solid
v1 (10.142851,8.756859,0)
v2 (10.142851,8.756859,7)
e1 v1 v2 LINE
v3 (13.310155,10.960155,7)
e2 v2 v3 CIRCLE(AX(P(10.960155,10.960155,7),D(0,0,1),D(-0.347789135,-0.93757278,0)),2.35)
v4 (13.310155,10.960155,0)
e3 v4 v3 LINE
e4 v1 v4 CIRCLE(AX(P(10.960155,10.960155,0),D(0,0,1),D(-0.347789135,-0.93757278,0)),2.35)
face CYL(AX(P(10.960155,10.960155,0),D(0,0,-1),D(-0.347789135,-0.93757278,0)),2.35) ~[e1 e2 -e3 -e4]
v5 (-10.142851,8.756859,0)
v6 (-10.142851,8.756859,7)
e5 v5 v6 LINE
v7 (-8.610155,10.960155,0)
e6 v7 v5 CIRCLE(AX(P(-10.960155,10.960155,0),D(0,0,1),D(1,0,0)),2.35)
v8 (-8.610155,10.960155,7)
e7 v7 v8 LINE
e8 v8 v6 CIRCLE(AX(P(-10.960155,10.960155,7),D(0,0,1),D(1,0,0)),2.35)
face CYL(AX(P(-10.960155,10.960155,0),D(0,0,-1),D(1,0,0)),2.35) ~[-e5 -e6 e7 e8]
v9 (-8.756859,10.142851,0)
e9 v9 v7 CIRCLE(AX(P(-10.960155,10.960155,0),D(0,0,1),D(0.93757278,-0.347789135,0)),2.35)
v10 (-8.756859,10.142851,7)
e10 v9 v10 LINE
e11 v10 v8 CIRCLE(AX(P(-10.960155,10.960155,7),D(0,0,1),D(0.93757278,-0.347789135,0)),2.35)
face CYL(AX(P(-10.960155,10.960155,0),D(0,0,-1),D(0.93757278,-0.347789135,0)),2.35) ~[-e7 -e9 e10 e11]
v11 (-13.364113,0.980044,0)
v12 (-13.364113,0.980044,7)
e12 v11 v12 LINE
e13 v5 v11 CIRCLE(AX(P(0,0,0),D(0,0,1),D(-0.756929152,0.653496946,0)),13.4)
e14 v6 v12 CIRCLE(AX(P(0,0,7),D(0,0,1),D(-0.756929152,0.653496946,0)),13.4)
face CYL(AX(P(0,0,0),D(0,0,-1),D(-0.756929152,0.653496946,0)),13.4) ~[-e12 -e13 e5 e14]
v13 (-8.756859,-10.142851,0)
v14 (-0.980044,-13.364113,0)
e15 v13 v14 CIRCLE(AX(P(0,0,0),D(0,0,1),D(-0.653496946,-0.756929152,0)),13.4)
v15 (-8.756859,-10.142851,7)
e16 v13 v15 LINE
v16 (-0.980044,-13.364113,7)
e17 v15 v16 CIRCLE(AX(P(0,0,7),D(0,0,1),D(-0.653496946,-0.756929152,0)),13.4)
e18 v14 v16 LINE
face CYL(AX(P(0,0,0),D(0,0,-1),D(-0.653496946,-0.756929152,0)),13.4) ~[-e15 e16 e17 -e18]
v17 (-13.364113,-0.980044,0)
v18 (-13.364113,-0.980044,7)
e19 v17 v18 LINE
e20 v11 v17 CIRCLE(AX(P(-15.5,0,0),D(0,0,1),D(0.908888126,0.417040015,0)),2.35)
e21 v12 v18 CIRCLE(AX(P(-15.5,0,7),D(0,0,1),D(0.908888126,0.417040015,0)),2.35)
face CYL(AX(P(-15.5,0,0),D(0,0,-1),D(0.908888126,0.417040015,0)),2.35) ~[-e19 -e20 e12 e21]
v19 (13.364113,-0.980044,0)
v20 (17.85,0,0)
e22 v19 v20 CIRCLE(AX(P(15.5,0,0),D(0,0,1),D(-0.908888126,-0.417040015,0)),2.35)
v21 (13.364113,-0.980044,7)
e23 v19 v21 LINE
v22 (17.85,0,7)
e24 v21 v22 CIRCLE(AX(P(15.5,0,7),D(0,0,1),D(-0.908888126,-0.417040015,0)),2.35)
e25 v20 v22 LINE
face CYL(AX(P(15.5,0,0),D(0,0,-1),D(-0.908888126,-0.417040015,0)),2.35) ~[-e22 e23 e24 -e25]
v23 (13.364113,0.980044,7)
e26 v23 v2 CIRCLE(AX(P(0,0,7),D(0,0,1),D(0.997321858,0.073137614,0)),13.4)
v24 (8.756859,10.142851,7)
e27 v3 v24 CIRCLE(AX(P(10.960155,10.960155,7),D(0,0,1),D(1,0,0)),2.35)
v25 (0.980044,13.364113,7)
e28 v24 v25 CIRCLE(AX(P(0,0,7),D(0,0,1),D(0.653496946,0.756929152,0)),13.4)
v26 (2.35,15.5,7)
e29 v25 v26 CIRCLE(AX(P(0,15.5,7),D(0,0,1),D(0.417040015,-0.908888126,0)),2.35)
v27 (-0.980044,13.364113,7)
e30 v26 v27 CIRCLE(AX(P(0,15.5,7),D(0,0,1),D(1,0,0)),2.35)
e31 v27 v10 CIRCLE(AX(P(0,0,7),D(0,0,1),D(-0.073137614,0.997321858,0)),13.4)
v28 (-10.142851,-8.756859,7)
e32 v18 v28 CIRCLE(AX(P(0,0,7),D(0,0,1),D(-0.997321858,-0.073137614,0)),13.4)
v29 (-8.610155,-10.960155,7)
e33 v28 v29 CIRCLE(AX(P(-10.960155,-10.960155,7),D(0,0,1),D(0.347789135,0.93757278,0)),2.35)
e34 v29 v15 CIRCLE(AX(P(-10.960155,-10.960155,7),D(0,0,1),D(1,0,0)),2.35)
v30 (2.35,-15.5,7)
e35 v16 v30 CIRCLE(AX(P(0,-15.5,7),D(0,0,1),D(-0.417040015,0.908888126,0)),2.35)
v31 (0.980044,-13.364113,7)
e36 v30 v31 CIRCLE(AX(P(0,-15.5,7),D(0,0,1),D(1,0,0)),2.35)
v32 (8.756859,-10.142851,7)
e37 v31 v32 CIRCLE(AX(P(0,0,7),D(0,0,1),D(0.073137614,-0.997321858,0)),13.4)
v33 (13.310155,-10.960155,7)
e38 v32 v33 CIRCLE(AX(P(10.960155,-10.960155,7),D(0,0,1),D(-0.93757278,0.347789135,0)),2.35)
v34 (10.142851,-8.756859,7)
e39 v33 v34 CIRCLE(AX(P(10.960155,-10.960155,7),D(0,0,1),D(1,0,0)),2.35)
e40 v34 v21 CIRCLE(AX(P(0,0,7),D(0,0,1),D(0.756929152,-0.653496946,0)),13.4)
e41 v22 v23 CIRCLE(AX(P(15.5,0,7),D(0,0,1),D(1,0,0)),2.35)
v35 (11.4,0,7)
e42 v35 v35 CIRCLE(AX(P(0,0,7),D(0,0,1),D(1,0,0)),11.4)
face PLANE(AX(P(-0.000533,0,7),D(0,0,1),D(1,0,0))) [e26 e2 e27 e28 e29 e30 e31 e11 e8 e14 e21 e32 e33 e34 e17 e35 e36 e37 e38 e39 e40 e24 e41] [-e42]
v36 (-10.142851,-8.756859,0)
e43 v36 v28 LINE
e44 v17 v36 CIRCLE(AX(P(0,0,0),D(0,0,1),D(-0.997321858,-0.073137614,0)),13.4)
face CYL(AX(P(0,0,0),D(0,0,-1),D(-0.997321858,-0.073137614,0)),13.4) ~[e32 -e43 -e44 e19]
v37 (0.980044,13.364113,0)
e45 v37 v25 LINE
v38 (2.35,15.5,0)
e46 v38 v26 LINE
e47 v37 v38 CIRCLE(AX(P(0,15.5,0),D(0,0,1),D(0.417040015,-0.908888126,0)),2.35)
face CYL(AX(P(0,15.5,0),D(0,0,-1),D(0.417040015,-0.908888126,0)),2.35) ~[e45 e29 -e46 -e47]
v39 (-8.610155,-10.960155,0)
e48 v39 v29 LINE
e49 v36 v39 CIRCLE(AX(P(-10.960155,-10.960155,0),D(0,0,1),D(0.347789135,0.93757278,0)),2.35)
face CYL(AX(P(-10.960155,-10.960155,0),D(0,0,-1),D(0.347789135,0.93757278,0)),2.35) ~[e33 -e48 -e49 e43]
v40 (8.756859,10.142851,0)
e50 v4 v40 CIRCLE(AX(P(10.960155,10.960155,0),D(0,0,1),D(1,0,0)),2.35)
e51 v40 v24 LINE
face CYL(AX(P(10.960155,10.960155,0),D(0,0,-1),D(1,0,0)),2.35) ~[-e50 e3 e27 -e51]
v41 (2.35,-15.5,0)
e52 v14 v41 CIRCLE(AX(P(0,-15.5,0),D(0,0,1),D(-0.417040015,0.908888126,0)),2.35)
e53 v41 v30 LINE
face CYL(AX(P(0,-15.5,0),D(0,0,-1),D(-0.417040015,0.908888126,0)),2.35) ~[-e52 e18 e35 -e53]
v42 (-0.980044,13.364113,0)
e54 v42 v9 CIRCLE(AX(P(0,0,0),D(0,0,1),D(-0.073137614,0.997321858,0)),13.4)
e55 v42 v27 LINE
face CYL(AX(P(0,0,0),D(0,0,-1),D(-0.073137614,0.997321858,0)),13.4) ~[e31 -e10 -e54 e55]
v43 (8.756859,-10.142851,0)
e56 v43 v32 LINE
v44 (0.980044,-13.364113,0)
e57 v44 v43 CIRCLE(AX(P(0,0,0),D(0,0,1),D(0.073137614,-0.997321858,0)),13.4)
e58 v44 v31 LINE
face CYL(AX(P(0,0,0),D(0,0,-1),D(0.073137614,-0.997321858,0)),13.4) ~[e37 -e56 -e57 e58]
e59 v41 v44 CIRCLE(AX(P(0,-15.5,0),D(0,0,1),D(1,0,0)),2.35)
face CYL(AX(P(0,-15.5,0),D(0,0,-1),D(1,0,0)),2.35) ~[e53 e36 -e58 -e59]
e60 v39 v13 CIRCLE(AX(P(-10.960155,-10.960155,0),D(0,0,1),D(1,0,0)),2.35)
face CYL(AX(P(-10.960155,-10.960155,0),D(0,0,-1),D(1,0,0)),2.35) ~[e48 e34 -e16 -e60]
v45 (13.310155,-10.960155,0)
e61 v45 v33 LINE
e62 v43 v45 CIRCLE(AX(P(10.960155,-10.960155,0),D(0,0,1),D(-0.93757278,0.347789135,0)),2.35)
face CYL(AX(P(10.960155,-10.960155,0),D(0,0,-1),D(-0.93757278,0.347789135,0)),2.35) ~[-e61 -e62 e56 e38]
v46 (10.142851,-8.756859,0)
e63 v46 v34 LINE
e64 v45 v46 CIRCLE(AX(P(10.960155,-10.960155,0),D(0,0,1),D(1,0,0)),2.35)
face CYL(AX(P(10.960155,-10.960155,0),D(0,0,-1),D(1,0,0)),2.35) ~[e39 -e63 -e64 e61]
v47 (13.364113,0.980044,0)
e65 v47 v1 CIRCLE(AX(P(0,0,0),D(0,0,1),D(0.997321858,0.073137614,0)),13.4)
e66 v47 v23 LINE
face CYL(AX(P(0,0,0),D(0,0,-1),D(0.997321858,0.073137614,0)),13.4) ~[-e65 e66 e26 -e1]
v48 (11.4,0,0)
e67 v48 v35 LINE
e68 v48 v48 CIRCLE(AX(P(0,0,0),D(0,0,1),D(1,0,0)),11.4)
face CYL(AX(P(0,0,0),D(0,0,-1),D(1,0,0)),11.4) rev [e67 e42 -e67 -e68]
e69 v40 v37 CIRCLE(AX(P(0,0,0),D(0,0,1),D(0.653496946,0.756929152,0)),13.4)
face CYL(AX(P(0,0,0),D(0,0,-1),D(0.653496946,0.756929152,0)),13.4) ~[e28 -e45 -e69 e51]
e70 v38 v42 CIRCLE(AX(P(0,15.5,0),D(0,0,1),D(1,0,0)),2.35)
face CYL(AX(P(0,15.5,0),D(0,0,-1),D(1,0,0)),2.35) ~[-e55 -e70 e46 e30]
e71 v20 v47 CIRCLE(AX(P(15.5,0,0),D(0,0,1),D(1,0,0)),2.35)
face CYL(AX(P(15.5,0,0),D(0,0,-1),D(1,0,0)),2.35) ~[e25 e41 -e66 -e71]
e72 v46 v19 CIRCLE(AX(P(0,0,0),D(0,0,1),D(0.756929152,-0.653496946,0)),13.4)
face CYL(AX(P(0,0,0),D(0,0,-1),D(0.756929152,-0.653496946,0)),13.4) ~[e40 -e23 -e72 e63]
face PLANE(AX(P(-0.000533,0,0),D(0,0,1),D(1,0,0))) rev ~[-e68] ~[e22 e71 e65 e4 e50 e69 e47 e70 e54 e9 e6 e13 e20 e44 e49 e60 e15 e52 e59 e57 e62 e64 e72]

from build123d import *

# Parameters (mm, degrees)
F0_R     = 11.4
F1_DEPTH = 7


with BuildPart() as f1:
    # F0 (on Top) → F1 (new body)
    with BuildSketch(Plane.XY):
        with BuildLine():
            ThreePointArc((13.3641129032, -0.9800440346), (13.15, 0), (13.3641129032, 0.9800440346))
            ThreePointArc((13.3641129032, 0.9800440346), (12.3799857357, 5.1279579937), (10.1428506412, 8.7568590757))
            ThreePointArc((10.1428506412, 8.7568590757), (9.2984541726, 9.2984541726), (8.7568590757, 10.1428506412))
            ThreePointArc((8.7568590757, 10.1428506412), (5.1279579937, 12.3799857357), (0.9800440346, 13.3641129032))
            ThreePointArc((0.9800440346, 13.3641129032), (0, 13.15), (-0.9800440346, 13.3641129032))
            ThreePointArc((-0.9800440346, 13.3641129032), (-5.1279579937, 12.3799857357), (-8.7568590757, 10.1428506412))
            ThreePointArc((-8.7568590757, 10.1428506412), (-9.2984541726, 9.2984541726), (-10.1428506412, 8.7568590757))
            ThreePointArc((-10.1428506412, 8.7568590757), (-12.3799857357, 5.1279579937), (-13.3641129032, 0.9800440346))
            ThreePointArc((-13.3641129032, 0.9800440346), (-13.2041521525, 0.5015801644), (-13.15, 0))
            ThreePointArc((-13.15, 0), (-13.2041521525, -0.5015801644), (-13.3641129032, -0.9800440346))
            ThreePointArc((-13.3641129032, -0.9800440346), (-12.3799857357, -5.1279579937), (-10.1428506412, -8.7568590757))
            ThreePointArc((-10.1428506412, -8.7568590757), (-9.2984541726, -9.2984541726), (-8.7568590757, -10.1428506412))
            ThreePointArc((-8.7568590757, -10.1428506412), (-5.1279579937, -12.3799857357), (-0.9800440346, -13.3641129032))
            ThreePointArc((-0.9800440346, -13.3641129032), (0, -13.15), (0.9800440346, -13.3641129032))
            ThreePointArc((0.9800440346, -13.3641129032), (5.1279579937, -12.3799857357), (8.7568590757, -10.1428506412))
            ThreePointArc((8.7568590757, -10.1428506412), (9.2984541726, -9.2984541726), (10.1428506412, -8.7568590757))
            ThreePointArc((10.1428506412, -8.7568590757), (12.3799857357, -5.1279579937), (13.3641129032, -0.9800440346))
        make_face()
        Circle(F0_R, mode=Mode.SUBTRACT)
        with BuildLine():
            ThreePointArc((-10.1428506412, 8.7568590757), (-9.4752308679, 9.4752308679), (-8.7568590757, 10.1428506412))
            ThreePointArc((-8.7568590757, 10.1428506412), (-8.6471218535, 10.5449718217), (-8.6101551084, 10.9601551084))
            ThreePointArc((-8.6101551084, 10.9601551084), (-12.8892955255, 12.3021376906), (-10.1428506412, 8.7568590757))
        make_face()
        with BuildLine():
            ThreePointArc((-0.9800440346, 13.3641129032), (0, 13.4), (0.9800440346, 13.3641129032))
            ThreePointArc((0.9800440346, 13.3641129032), (1.9780803171, 14.231261154), (2.35, 15.5))
            ThreePointArc((2.35, 15.5), (-1.268738846, 17.4780803171), (-0.9800440346, 13.3641129032))
        make_face()
        with BuildLine():
            ThreePointArc((8.7568590757, 10.1428506412), (9.4752308679, 9.4752308679), (10.1428506412, 8.7568590757))
            ThreePointArc((10.1428506412, 8.7568590757), (12.3021376906, 9.0310146913), (13.3101551084, 10.9601551084))
            ThreePointArc((13.3101551084, 10.9601551084), (10.5449718217, 13.2731883633), (8.7568590757, 10.1428506412))
        make_face()
        with BuildLine():
            ThreePointArc((13.3641129032, 0.9800440346), (13.3910252203, 0.4903504343), (13.4, 0))
            ThreePointArc((13.4, 0), (13.3910252203, -0.4903504343), (13.3641129032, -0.9800440346))
            ThreePointArc((13.3641129032, -0.9800440346), (16.0015801644, -2.2958478475), (17.85, 0))
            ThreePointArc((17.85, 0), (16.0015801644, 2.2958478475), (13.3641129032, 0.9800440346))
        make_face()
        with BuildLine():
            ThreePointArc((13.3101551084, -10.9601551084), (12.3021376906, -9.0310146913), (10.1428506412, -8.7568590757))
            ThreePointArc((10.1428506412, -8.7568590757), (9.4752308679, -9.4752308679), (8.7568590757, -10.1428506412))
            ThreePointArc((8.7568590757, -10.1428506412), (10.5449718217, -13.2731883633), (13.3101551084, -10.9601551084))
        make_face()
        with BuildLine():
            ThreePointArc((2.35, -15.5), (1.9780803171, -14.231261154), (0.9800440346, -13.3641129032))
            ThreePointArc((0.9800440346, -13.3641129032), (0, -13.4), (-0.9800440346, -13.3641129032))
            ThreePointArc((-0.9800440346, -13.3641129032), (-1.268738846, -17.4780803171), (2.35, -15.5))
        make_face()
        with BuildLine():
            ThreePointArc((-8.6101551084, -10.9601551084), (-8.6471218535, -10.5449718217), (-8.7568590757, -10.1428506412))
            ThreePointArc((-8.7568590757, -10.1428506412), (-9.4752308679, -9.4752308679), (-10.1428506412, -8.7568590757))
            ThreePointArc((-10.1428506412, -8.7568590757), (-12.8892955255, -12.3021376906), (-8.6101551084, -10.9601551084))
        make_face()
        with BuildLine():
            ThreePointArc((-13.3641129032, -0.9800440346), (-13.4, 0), (-13.3641129032, 0.9800440346))
            ThreePointArc((-13.3641129032, 0.9800440346), (-17.85, 0), (-13.3641129032, -0.9800440346))
        make_face()
        with BuildLine():
            ThreePointArc((-13.15, 0), (-13.2041521525, 0.5015801644), (-13.3641129032, 0.9800440346))
            ThreePointArc((-13.3641129032, 0.9800440346), (-13.4, 0), (-13.3641129032, -0.9800440346))
            ThreePointArc((-13.3641129032, -0.9800440346), (-13.2041521525, -0.5015801644), (-13.15, 0))
        make_face()
        with BuildLine():
            ThreePointArc((-10.1428506412, -8.7568590757), (-9.4752308679, -9.4752308679), (-8.7568590757, -10.1428506412))
            ThreePointArc((-8.7568590757, -10.1428506412), (-9.2984541726, -9.2984541726), (-10.1428506412, -8.7568590757))
        make_face()
        with BuildLine():
            ThreePointArc((8.7568590757, -10.1428506412), (9.4752308679, -9.4752308679), (10.1428506412, -8.7568590757))
            ThreePointArc((10.1428506412, -8.7568590757), (9.2984541726, -9.2984541726), (8.7568590757, -10.1428506412))
        make_face()
        with BuildLine():
            ThreePointArc((13.3641129032, -0.9800440346), (13.3910252203, -0.4903504343), (13.4, 0))
            ThreePointArc((13.4, 0), (13.3910252203, 0.4903504343), (13.3641129032, 0.9800440346))
            ThreePointArc((13.3641129032, 0.9800440346), (13.15, 0), (13.3641129032, -0.9800440346))
        make_face()
        with BuildLine():
            ThreePointArc((-0.9800440346, -13.3641129032), (0, -13.4), (0.9800440346, -13.3641129032))
            ThreePointArc((0.9800440346, -13.3641129032), (0, -13.15), (-0.9800440346, -13.3641129032))
        make_face()
        with BuildLine():
            ThreePointArc((8.7568590757, 10.1428506412), (9.2984541726, 9.2984541726), (10.1428506412, 8.7568590757))
            ThreePointArc((10.1428506412, 8.7568590757), (9.4752308679, 9.4752308679), (8.7568590757, 10.1428506412))
        make_face()
        with BuildLine():
            ThreePointArc((-0.9800440346, 13.3641129032), (0, 13.15), (0.9800440346, 13.3641129032))
            ThreePointArc((0.9800440346, 13.3641129032), (0, 13.4), (-0.9800440346, 13.3641129032))
        make_face()
        with BuildLine():
            ThreePointArc((-10.1428506412, 8.7568590757), (-9.2984541726, 9.2984541726), (-8.7568590757, 10.1428506412))
            ThreePointArc((-8.7568590757, 10.1428506412), (-9.4752308679, 9.4752308679), (-10.1428506412, 8.7568590757))
        make_face()
    extrude(amount=F1_DEPTH)


solid = f1.part
